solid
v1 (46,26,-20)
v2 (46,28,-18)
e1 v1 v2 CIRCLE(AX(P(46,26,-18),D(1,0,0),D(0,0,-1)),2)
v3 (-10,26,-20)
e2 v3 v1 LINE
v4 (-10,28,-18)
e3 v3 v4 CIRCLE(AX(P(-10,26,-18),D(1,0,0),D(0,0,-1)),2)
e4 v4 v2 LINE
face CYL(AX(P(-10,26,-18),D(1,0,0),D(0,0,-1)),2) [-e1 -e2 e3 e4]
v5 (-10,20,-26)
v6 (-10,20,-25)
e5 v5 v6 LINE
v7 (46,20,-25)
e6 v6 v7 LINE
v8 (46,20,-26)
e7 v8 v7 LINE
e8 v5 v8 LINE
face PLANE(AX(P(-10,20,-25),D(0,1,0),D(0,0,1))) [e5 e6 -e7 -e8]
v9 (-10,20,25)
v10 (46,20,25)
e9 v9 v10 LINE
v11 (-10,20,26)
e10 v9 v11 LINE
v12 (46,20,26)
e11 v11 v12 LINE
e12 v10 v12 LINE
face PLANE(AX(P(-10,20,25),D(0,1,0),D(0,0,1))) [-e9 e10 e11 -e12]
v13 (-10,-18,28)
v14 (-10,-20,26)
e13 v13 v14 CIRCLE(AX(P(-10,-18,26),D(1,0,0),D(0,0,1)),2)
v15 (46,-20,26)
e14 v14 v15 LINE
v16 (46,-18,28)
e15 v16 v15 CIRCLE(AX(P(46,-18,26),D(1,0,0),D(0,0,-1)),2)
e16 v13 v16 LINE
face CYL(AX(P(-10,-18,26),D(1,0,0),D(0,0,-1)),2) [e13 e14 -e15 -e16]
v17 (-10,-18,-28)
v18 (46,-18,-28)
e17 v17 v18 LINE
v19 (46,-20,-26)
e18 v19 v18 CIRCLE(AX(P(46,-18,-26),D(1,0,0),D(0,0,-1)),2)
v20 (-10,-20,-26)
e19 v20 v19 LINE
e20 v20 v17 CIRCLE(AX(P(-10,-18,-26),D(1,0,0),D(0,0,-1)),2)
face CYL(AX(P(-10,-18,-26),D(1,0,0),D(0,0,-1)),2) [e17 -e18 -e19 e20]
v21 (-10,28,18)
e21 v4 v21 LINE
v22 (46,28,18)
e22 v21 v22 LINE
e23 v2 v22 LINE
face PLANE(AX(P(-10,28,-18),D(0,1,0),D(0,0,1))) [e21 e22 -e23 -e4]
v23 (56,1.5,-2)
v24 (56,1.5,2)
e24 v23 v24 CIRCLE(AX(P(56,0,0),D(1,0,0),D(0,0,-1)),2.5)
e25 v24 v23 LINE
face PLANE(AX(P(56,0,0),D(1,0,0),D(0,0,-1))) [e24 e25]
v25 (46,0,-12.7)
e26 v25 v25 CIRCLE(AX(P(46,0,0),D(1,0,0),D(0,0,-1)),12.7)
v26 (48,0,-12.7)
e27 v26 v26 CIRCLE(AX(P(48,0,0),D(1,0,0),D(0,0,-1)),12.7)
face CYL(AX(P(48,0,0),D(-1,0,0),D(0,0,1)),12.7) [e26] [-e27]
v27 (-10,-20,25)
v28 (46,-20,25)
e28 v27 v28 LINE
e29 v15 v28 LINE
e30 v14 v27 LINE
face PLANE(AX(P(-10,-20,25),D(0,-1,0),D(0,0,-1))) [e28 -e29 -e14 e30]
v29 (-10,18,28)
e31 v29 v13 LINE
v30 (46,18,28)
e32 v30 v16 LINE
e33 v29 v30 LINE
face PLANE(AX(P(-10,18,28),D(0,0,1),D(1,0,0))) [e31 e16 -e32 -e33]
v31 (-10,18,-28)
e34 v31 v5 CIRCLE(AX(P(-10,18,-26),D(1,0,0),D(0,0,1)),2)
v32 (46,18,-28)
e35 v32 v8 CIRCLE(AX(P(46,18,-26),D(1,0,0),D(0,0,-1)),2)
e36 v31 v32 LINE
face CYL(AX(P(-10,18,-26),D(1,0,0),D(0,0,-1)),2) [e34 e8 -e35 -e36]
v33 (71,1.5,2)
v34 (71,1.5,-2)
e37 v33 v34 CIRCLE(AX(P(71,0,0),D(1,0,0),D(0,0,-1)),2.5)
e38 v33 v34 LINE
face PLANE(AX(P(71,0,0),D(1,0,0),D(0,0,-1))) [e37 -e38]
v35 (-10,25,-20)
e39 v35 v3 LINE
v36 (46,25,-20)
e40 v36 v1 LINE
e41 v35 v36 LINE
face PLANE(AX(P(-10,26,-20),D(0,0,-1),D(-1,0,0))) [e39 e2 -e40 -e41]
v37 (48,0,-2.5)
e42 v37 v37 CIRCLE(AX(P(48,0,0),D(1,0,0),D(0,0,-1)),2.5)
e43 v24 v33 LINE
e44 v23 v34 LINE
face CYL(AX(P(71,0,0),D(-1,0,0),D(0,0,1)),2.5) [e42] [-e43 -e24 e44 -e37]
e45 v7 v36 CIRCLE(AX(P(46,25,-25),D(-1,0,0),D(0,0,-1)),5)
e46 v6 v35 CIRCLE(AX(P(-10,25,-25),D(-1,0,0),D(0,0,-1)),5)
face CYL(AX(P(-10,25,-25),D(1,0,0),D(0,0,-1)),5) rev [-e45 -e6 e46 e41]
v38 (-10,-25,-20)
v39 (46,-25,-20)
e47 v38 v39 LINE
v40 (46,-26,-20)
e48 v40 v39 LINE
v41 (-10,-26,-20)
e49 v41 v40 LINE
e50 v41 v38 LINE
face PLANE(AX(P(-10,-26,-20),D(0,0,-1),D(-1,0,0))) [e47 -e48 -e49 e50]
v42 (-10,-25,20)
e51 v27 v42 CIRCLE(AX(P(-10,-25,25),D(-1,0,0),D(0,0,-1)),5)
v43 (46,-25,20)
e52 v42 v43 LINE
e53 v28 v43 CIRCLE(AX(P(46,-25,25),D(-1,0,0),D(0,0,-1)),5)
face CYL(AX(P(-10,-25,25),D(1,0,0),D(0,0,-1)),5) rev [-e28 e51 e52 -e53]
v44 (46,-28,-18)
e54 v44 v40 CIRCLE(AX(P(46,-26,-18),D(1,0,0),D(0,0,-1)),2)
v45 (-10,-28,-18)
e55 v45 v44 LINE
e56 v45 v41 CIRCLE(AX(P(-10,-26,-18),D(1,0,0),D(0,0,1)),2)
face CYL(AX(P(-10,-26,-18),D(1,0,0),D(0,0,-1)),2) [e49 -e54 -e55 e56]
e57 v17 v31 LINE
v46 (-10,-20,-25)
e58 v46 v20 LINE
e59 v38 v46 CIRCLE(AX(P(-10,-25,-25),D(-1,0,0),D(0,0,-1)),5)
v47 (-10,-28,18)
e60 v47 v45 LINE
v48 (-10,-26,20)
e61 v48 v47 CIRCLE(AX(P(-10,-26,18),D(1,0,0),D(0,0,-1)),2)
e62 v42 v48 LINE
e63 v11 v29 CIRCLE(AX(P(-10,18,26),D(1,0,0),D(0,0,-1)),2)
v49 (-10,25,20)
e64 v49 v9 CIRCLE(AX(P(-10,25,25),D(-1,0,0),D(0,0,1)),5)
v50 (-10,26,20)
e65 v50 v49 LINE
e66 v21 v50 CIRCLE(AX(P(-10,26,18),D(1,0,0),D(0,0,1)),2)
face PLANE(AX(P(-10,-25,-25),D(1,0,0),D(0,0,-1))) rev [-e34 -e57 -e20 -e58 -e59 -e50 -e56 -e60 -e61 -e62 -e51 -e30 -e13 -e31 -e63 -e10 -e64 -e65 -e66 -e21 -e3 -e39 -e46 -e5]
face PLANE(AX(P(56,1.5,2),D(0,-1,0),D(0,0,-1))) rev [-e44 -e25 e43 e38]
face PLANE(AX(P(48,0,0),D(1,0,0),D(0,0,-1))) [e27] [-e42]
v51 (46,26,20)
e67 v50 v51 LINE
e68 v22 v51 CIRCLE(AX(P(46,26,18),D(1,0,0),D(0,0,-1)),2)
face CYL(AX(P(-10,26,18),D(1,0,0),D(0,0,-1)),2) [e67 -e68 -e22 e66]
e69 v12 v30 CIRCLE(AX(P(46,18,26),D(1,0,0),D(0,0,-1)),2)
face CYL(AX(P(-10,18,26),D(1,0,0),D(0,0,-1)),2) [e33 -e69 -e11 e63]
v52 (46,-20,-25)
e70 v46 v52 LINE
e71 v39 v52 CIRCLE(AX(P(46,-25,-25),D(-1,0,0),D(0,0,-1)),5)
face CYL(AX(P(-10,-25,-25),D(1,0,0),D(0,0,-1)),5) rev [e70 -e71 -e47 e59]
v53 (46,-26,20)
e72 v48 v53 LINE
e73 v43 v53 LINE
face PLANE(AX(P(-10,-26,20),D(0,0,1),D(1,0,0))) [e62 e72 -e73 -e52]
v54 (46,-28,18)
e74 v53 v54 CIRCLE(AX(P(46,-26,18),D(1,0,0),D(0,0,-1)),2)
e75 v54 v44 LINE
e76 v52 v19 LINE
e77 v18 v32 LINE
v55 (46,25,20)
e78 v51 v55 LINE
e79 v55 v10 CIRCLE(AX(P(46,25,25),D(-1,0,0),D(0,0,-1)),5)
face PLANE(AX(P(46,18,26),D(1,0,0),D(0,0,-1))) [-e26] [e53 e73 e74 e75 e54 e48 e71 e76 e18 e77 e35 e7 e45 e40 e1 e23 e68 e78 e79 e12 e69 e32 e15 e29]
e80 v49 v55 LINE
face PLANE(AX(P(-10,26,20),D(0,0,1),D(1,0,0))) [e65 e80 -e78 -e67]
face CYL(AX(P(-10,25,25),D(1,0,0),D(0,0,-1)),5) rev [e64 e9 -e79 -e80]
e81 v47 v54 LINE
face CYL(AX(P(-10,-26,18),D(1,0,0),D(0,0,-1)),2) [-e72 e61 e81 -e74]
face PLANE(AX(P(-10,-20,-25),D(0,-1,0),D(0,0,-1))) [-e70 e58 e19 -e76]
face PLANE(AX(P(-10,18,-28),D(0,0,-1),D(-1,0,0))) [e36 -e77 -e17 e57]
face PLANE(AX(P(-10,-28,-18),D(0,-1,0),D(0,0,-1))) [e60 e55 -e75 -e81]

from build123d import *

# Parameters (mm, degrees)
BOSS_EXTRUDE1_DEPTH = 10
BOSS_EXTRUDE2_START = 36
BOSS_EXTRUDE2_DEPTH = 36
BOSS_EXTRUDE3_START = 10
BOSS_EXTRUDE3_DEPTH = 10
SKETCH4_R           = 2.5
BOSS_EXTRUDE4_DEPTH = 25
SKETCH4_3_R         = 12.7
BOSS_EXTRUDE5_DEPTH = 2
CUT_EXTRUDE1_START  = -15
CUT_EXTRUDE1_DEPTH  = 15


with BuildPart() as part:
    # Sketch1 → Boss-Extrude1 (new body)
    with BuildSketch(Plane(origin=(0, 0, 0), x_dir=(0, 0, -1), z_dir=(1, 0, 0))):
        with BuildLine():
            Line((-20, 26), (-20, 25))
            ThreePointArc((-20, 25), (-21.464466094, 21.464466094), (-25, 20))
            Line((-25, 20), (-26, 20))
            ThreePointArc((-26, 20), (-27.414213562, 19.414213562), (-28, 18))
            Line((-28, 18), (-28, -18))
            ThreePointArc((-28, -18), (-27.414213562, -19.414213562), (-26, -20))
            Line((-26, -20), (-25, -20))
            ThreePointArc((-25, -20), (-21.464466094, -21.464466094), (-20, -25))
            Line((-20, -25), (-20, -26))
            ThreePointArc((-20, -26), (-19.414213562, -27.414213562), (-18, -28))
            Line((-18, -28), (18, -28))
            ThreePointArc((18, -28), (19.414213562, -27.414213562), (20, -26))
            Line((20, -26), (20, -25))
            ThreePointArc((20, -25), (21.464466094, -21.464466094), (25, -20))
            Line((25, -20), (26, -20))
            ThreePointArc((26, -20), (27.414213562, -19.414213562), (28, -18))
            Line((28, -18), (28, 18))
            ThreePointArc((28, 18), (27.414213562, 19.414213562), (26, 20))
            Line((26, 20), (25, 20))
            ThreePointArc((25, 20), (21.464466094, 21.464466094), (20, 25))
            Line((20, 25), (20, 26))
            ThreePointArc((20, 26), (19.414213562, 27.414213562), (18, 28))
            Line((18, 28), (-18, 28))
            ThreePointArc((-18, 28), (-19.414213562, 27.414213562), (-20, 26))
        make_face()
    extrude(amount=-BOSS_EXTRUDE1_DEPTH)

    # Sketch2 → Boss-Extrude2 (add)
    with BuildSketch(Plane(origin=(0, 0, 0), x_dir=(0, 0, -1), z_dir=(1, 0, 0)).offset(BOSS_EXTRUDE2_START)):
        with BuildLine():
            Line((20, -26), (20, -25))
            ThreePointArc((20, -25), (21.464466094, -21.464466094), (25, -20))
            Line((25, -20), (26, -20))
            ThreePointArc((26, -20), (27.414213562, -19.414213562), (28, -18))
            Line((28, -18), (28, 18))
            ThreePointArc((28, 18), (27.414213562, 19.414213562), (26, 20))
            Line((26, 20), (25, 20))
            ThreePointArc((25, 20), (21.464466094, 21.464466094), (20, 25))
            Line((20, 25), (20, 26))
            ThreePointArc((20, 26), (19.414213562, 27.414213562), (18, 28))
            Line((18, 28), (-18, 28))
            ThreePointArc((-18, 28), (-19.414213562, 27.414213562), (-20, 26))
            Line((-20, 26), (-20, 25))
            ThreePointArc((-20, 25), (-21.464466094, 21.464466094), (-25, 20))
            Line((-25, 20), (-26, 20))
            ThreePointArc((-26, 20), (-27.414213562, 19.414213562), (-28, 18))
            Line((-28, 18), (-28, -18))
            ThreePointArc((-28, -18), (-27.414213562, -19.414213562), (-26, -20))
            Line((-26, -20), (-25, -20))
            ThreePointArc((-25, -20), (-21.464466094, -21.464466094), (-20, -25))
            Line((-20, -25), (-20, -26))
            ThreePointArc((-20, -26), (-19.414213562, -27.414213562), (-18, -28))
            Line((-18, -28), (18, -28))
            ThreePointArc((18, -28), (19.414213562, -27.414213562), (20, -26))
        make_face()
    extrude(amount=-BOSS_EXTRUDE2_DEPTH)

    # Sketch3 → Boss-Extrude3 (add)
    with BuildSketch(Plane(origin=(36, 0, 0), x_dir=(0, 0, -1), z_dir=(1, 0, 0)).offset(BOSS_EXTRUDE3_START)):
        with BuildLine():
            Line((-26, -20), (-25, -20))
            ThreePointArc((-25, -20), (-21.464466094, -21.464466094), (-20, -25))
            Line((-20, -25), (-20, -26))
            ThreePointArc((-20, -26), (-19.414213562, -27.414213562), (-18, -28))
            Line((-18, -28), (18, -28))
            ThreePointArc((18, -28), (19.414213562, -27.414213562), (20, -26))
            Line((20, -26), (20, -25))
            ThreePointArc((20, -25), (21.464466094, -21.464466094), (25, -20))
            Line((25, -20), (26, -20))
            ThreePointArc((26, -20), (27.414213562, -19.414213562), (28, -18))
            Line((28, -18), (28, 18))
            ThreePointArc((28, 18), (27.414213562, 19.414213562), (26, 20))
            Line((26, 20), (25, 20))
            ThreePointArc((25, 20), (21.464466094, 21.464466094), (20, 25))
            Line((20, 25), (20, 26))
            ThreePointArc((20, 26), (19.414213562, 27.414213562), (18, 28))
            Line((18, 28), (-18, 28))
            ThreePointArc((-18, 28), (-19.414213562, 27.414213562), (-20, 26))
            Line((-20, 26), (-20, 25))
            ThreePointArc((-20, 25), (-21.464466094, 21.464466094), (-25, 20))
            Line((-25, 20), (-26, 20))
            ThreePointArc((-26, 20), (-27.414213562, 19.414213562), (-28, 18))
            Line((-28, 18), (-28, -18))
            ThreePointArc((-28, -18), (-27.414213562, -19.414213562), (-26, -20))
        make_face()
    extrude(amount=-BOSS_EXTRUDE3_DEPTH)

    # Sketch4 → Boss-Extrude4 (add)
    with BuildSketch(Plane(origin=(46, 0, 0), x_dir=(0, 0, -1), z_dir=(1, 0, 0))):
        Circle(SKETCH4_R)
    extrude(amount=BOSS_EXTRUDE4_DEPTH)

    # Sketch4<3> → Boss-Extrude5 (add)
    with BuildSketch(Plane(origin=(46, 0, 0), x_dir=(0, 0, -1), z_dir=(1, 0, 0))):
        Circle(SKETCH4_3_R)
    extrude(amount=BOSS_EXTRUDE5_DEPTH)

    # Sketch5 → Cut-Extrude1 (cut)
    with BuildSketch(Plane(origin=(71, 0, 0), x_dir=(0, 0, -1), z_dir=(1, 0, 0)).offset(CUT_EXTRUDE1_START)):
        with BuildLine():
            Line((-2, 1.5), (2, 1.5))
            ThreePointArc((2, 1.5), (0, 2.5), (-2, 1.5))
        make_face()
    extrude(amount=CUT_EXTRUDE1_DEPTH, mode=Mode.SUBTRACT)


solid = part.part
